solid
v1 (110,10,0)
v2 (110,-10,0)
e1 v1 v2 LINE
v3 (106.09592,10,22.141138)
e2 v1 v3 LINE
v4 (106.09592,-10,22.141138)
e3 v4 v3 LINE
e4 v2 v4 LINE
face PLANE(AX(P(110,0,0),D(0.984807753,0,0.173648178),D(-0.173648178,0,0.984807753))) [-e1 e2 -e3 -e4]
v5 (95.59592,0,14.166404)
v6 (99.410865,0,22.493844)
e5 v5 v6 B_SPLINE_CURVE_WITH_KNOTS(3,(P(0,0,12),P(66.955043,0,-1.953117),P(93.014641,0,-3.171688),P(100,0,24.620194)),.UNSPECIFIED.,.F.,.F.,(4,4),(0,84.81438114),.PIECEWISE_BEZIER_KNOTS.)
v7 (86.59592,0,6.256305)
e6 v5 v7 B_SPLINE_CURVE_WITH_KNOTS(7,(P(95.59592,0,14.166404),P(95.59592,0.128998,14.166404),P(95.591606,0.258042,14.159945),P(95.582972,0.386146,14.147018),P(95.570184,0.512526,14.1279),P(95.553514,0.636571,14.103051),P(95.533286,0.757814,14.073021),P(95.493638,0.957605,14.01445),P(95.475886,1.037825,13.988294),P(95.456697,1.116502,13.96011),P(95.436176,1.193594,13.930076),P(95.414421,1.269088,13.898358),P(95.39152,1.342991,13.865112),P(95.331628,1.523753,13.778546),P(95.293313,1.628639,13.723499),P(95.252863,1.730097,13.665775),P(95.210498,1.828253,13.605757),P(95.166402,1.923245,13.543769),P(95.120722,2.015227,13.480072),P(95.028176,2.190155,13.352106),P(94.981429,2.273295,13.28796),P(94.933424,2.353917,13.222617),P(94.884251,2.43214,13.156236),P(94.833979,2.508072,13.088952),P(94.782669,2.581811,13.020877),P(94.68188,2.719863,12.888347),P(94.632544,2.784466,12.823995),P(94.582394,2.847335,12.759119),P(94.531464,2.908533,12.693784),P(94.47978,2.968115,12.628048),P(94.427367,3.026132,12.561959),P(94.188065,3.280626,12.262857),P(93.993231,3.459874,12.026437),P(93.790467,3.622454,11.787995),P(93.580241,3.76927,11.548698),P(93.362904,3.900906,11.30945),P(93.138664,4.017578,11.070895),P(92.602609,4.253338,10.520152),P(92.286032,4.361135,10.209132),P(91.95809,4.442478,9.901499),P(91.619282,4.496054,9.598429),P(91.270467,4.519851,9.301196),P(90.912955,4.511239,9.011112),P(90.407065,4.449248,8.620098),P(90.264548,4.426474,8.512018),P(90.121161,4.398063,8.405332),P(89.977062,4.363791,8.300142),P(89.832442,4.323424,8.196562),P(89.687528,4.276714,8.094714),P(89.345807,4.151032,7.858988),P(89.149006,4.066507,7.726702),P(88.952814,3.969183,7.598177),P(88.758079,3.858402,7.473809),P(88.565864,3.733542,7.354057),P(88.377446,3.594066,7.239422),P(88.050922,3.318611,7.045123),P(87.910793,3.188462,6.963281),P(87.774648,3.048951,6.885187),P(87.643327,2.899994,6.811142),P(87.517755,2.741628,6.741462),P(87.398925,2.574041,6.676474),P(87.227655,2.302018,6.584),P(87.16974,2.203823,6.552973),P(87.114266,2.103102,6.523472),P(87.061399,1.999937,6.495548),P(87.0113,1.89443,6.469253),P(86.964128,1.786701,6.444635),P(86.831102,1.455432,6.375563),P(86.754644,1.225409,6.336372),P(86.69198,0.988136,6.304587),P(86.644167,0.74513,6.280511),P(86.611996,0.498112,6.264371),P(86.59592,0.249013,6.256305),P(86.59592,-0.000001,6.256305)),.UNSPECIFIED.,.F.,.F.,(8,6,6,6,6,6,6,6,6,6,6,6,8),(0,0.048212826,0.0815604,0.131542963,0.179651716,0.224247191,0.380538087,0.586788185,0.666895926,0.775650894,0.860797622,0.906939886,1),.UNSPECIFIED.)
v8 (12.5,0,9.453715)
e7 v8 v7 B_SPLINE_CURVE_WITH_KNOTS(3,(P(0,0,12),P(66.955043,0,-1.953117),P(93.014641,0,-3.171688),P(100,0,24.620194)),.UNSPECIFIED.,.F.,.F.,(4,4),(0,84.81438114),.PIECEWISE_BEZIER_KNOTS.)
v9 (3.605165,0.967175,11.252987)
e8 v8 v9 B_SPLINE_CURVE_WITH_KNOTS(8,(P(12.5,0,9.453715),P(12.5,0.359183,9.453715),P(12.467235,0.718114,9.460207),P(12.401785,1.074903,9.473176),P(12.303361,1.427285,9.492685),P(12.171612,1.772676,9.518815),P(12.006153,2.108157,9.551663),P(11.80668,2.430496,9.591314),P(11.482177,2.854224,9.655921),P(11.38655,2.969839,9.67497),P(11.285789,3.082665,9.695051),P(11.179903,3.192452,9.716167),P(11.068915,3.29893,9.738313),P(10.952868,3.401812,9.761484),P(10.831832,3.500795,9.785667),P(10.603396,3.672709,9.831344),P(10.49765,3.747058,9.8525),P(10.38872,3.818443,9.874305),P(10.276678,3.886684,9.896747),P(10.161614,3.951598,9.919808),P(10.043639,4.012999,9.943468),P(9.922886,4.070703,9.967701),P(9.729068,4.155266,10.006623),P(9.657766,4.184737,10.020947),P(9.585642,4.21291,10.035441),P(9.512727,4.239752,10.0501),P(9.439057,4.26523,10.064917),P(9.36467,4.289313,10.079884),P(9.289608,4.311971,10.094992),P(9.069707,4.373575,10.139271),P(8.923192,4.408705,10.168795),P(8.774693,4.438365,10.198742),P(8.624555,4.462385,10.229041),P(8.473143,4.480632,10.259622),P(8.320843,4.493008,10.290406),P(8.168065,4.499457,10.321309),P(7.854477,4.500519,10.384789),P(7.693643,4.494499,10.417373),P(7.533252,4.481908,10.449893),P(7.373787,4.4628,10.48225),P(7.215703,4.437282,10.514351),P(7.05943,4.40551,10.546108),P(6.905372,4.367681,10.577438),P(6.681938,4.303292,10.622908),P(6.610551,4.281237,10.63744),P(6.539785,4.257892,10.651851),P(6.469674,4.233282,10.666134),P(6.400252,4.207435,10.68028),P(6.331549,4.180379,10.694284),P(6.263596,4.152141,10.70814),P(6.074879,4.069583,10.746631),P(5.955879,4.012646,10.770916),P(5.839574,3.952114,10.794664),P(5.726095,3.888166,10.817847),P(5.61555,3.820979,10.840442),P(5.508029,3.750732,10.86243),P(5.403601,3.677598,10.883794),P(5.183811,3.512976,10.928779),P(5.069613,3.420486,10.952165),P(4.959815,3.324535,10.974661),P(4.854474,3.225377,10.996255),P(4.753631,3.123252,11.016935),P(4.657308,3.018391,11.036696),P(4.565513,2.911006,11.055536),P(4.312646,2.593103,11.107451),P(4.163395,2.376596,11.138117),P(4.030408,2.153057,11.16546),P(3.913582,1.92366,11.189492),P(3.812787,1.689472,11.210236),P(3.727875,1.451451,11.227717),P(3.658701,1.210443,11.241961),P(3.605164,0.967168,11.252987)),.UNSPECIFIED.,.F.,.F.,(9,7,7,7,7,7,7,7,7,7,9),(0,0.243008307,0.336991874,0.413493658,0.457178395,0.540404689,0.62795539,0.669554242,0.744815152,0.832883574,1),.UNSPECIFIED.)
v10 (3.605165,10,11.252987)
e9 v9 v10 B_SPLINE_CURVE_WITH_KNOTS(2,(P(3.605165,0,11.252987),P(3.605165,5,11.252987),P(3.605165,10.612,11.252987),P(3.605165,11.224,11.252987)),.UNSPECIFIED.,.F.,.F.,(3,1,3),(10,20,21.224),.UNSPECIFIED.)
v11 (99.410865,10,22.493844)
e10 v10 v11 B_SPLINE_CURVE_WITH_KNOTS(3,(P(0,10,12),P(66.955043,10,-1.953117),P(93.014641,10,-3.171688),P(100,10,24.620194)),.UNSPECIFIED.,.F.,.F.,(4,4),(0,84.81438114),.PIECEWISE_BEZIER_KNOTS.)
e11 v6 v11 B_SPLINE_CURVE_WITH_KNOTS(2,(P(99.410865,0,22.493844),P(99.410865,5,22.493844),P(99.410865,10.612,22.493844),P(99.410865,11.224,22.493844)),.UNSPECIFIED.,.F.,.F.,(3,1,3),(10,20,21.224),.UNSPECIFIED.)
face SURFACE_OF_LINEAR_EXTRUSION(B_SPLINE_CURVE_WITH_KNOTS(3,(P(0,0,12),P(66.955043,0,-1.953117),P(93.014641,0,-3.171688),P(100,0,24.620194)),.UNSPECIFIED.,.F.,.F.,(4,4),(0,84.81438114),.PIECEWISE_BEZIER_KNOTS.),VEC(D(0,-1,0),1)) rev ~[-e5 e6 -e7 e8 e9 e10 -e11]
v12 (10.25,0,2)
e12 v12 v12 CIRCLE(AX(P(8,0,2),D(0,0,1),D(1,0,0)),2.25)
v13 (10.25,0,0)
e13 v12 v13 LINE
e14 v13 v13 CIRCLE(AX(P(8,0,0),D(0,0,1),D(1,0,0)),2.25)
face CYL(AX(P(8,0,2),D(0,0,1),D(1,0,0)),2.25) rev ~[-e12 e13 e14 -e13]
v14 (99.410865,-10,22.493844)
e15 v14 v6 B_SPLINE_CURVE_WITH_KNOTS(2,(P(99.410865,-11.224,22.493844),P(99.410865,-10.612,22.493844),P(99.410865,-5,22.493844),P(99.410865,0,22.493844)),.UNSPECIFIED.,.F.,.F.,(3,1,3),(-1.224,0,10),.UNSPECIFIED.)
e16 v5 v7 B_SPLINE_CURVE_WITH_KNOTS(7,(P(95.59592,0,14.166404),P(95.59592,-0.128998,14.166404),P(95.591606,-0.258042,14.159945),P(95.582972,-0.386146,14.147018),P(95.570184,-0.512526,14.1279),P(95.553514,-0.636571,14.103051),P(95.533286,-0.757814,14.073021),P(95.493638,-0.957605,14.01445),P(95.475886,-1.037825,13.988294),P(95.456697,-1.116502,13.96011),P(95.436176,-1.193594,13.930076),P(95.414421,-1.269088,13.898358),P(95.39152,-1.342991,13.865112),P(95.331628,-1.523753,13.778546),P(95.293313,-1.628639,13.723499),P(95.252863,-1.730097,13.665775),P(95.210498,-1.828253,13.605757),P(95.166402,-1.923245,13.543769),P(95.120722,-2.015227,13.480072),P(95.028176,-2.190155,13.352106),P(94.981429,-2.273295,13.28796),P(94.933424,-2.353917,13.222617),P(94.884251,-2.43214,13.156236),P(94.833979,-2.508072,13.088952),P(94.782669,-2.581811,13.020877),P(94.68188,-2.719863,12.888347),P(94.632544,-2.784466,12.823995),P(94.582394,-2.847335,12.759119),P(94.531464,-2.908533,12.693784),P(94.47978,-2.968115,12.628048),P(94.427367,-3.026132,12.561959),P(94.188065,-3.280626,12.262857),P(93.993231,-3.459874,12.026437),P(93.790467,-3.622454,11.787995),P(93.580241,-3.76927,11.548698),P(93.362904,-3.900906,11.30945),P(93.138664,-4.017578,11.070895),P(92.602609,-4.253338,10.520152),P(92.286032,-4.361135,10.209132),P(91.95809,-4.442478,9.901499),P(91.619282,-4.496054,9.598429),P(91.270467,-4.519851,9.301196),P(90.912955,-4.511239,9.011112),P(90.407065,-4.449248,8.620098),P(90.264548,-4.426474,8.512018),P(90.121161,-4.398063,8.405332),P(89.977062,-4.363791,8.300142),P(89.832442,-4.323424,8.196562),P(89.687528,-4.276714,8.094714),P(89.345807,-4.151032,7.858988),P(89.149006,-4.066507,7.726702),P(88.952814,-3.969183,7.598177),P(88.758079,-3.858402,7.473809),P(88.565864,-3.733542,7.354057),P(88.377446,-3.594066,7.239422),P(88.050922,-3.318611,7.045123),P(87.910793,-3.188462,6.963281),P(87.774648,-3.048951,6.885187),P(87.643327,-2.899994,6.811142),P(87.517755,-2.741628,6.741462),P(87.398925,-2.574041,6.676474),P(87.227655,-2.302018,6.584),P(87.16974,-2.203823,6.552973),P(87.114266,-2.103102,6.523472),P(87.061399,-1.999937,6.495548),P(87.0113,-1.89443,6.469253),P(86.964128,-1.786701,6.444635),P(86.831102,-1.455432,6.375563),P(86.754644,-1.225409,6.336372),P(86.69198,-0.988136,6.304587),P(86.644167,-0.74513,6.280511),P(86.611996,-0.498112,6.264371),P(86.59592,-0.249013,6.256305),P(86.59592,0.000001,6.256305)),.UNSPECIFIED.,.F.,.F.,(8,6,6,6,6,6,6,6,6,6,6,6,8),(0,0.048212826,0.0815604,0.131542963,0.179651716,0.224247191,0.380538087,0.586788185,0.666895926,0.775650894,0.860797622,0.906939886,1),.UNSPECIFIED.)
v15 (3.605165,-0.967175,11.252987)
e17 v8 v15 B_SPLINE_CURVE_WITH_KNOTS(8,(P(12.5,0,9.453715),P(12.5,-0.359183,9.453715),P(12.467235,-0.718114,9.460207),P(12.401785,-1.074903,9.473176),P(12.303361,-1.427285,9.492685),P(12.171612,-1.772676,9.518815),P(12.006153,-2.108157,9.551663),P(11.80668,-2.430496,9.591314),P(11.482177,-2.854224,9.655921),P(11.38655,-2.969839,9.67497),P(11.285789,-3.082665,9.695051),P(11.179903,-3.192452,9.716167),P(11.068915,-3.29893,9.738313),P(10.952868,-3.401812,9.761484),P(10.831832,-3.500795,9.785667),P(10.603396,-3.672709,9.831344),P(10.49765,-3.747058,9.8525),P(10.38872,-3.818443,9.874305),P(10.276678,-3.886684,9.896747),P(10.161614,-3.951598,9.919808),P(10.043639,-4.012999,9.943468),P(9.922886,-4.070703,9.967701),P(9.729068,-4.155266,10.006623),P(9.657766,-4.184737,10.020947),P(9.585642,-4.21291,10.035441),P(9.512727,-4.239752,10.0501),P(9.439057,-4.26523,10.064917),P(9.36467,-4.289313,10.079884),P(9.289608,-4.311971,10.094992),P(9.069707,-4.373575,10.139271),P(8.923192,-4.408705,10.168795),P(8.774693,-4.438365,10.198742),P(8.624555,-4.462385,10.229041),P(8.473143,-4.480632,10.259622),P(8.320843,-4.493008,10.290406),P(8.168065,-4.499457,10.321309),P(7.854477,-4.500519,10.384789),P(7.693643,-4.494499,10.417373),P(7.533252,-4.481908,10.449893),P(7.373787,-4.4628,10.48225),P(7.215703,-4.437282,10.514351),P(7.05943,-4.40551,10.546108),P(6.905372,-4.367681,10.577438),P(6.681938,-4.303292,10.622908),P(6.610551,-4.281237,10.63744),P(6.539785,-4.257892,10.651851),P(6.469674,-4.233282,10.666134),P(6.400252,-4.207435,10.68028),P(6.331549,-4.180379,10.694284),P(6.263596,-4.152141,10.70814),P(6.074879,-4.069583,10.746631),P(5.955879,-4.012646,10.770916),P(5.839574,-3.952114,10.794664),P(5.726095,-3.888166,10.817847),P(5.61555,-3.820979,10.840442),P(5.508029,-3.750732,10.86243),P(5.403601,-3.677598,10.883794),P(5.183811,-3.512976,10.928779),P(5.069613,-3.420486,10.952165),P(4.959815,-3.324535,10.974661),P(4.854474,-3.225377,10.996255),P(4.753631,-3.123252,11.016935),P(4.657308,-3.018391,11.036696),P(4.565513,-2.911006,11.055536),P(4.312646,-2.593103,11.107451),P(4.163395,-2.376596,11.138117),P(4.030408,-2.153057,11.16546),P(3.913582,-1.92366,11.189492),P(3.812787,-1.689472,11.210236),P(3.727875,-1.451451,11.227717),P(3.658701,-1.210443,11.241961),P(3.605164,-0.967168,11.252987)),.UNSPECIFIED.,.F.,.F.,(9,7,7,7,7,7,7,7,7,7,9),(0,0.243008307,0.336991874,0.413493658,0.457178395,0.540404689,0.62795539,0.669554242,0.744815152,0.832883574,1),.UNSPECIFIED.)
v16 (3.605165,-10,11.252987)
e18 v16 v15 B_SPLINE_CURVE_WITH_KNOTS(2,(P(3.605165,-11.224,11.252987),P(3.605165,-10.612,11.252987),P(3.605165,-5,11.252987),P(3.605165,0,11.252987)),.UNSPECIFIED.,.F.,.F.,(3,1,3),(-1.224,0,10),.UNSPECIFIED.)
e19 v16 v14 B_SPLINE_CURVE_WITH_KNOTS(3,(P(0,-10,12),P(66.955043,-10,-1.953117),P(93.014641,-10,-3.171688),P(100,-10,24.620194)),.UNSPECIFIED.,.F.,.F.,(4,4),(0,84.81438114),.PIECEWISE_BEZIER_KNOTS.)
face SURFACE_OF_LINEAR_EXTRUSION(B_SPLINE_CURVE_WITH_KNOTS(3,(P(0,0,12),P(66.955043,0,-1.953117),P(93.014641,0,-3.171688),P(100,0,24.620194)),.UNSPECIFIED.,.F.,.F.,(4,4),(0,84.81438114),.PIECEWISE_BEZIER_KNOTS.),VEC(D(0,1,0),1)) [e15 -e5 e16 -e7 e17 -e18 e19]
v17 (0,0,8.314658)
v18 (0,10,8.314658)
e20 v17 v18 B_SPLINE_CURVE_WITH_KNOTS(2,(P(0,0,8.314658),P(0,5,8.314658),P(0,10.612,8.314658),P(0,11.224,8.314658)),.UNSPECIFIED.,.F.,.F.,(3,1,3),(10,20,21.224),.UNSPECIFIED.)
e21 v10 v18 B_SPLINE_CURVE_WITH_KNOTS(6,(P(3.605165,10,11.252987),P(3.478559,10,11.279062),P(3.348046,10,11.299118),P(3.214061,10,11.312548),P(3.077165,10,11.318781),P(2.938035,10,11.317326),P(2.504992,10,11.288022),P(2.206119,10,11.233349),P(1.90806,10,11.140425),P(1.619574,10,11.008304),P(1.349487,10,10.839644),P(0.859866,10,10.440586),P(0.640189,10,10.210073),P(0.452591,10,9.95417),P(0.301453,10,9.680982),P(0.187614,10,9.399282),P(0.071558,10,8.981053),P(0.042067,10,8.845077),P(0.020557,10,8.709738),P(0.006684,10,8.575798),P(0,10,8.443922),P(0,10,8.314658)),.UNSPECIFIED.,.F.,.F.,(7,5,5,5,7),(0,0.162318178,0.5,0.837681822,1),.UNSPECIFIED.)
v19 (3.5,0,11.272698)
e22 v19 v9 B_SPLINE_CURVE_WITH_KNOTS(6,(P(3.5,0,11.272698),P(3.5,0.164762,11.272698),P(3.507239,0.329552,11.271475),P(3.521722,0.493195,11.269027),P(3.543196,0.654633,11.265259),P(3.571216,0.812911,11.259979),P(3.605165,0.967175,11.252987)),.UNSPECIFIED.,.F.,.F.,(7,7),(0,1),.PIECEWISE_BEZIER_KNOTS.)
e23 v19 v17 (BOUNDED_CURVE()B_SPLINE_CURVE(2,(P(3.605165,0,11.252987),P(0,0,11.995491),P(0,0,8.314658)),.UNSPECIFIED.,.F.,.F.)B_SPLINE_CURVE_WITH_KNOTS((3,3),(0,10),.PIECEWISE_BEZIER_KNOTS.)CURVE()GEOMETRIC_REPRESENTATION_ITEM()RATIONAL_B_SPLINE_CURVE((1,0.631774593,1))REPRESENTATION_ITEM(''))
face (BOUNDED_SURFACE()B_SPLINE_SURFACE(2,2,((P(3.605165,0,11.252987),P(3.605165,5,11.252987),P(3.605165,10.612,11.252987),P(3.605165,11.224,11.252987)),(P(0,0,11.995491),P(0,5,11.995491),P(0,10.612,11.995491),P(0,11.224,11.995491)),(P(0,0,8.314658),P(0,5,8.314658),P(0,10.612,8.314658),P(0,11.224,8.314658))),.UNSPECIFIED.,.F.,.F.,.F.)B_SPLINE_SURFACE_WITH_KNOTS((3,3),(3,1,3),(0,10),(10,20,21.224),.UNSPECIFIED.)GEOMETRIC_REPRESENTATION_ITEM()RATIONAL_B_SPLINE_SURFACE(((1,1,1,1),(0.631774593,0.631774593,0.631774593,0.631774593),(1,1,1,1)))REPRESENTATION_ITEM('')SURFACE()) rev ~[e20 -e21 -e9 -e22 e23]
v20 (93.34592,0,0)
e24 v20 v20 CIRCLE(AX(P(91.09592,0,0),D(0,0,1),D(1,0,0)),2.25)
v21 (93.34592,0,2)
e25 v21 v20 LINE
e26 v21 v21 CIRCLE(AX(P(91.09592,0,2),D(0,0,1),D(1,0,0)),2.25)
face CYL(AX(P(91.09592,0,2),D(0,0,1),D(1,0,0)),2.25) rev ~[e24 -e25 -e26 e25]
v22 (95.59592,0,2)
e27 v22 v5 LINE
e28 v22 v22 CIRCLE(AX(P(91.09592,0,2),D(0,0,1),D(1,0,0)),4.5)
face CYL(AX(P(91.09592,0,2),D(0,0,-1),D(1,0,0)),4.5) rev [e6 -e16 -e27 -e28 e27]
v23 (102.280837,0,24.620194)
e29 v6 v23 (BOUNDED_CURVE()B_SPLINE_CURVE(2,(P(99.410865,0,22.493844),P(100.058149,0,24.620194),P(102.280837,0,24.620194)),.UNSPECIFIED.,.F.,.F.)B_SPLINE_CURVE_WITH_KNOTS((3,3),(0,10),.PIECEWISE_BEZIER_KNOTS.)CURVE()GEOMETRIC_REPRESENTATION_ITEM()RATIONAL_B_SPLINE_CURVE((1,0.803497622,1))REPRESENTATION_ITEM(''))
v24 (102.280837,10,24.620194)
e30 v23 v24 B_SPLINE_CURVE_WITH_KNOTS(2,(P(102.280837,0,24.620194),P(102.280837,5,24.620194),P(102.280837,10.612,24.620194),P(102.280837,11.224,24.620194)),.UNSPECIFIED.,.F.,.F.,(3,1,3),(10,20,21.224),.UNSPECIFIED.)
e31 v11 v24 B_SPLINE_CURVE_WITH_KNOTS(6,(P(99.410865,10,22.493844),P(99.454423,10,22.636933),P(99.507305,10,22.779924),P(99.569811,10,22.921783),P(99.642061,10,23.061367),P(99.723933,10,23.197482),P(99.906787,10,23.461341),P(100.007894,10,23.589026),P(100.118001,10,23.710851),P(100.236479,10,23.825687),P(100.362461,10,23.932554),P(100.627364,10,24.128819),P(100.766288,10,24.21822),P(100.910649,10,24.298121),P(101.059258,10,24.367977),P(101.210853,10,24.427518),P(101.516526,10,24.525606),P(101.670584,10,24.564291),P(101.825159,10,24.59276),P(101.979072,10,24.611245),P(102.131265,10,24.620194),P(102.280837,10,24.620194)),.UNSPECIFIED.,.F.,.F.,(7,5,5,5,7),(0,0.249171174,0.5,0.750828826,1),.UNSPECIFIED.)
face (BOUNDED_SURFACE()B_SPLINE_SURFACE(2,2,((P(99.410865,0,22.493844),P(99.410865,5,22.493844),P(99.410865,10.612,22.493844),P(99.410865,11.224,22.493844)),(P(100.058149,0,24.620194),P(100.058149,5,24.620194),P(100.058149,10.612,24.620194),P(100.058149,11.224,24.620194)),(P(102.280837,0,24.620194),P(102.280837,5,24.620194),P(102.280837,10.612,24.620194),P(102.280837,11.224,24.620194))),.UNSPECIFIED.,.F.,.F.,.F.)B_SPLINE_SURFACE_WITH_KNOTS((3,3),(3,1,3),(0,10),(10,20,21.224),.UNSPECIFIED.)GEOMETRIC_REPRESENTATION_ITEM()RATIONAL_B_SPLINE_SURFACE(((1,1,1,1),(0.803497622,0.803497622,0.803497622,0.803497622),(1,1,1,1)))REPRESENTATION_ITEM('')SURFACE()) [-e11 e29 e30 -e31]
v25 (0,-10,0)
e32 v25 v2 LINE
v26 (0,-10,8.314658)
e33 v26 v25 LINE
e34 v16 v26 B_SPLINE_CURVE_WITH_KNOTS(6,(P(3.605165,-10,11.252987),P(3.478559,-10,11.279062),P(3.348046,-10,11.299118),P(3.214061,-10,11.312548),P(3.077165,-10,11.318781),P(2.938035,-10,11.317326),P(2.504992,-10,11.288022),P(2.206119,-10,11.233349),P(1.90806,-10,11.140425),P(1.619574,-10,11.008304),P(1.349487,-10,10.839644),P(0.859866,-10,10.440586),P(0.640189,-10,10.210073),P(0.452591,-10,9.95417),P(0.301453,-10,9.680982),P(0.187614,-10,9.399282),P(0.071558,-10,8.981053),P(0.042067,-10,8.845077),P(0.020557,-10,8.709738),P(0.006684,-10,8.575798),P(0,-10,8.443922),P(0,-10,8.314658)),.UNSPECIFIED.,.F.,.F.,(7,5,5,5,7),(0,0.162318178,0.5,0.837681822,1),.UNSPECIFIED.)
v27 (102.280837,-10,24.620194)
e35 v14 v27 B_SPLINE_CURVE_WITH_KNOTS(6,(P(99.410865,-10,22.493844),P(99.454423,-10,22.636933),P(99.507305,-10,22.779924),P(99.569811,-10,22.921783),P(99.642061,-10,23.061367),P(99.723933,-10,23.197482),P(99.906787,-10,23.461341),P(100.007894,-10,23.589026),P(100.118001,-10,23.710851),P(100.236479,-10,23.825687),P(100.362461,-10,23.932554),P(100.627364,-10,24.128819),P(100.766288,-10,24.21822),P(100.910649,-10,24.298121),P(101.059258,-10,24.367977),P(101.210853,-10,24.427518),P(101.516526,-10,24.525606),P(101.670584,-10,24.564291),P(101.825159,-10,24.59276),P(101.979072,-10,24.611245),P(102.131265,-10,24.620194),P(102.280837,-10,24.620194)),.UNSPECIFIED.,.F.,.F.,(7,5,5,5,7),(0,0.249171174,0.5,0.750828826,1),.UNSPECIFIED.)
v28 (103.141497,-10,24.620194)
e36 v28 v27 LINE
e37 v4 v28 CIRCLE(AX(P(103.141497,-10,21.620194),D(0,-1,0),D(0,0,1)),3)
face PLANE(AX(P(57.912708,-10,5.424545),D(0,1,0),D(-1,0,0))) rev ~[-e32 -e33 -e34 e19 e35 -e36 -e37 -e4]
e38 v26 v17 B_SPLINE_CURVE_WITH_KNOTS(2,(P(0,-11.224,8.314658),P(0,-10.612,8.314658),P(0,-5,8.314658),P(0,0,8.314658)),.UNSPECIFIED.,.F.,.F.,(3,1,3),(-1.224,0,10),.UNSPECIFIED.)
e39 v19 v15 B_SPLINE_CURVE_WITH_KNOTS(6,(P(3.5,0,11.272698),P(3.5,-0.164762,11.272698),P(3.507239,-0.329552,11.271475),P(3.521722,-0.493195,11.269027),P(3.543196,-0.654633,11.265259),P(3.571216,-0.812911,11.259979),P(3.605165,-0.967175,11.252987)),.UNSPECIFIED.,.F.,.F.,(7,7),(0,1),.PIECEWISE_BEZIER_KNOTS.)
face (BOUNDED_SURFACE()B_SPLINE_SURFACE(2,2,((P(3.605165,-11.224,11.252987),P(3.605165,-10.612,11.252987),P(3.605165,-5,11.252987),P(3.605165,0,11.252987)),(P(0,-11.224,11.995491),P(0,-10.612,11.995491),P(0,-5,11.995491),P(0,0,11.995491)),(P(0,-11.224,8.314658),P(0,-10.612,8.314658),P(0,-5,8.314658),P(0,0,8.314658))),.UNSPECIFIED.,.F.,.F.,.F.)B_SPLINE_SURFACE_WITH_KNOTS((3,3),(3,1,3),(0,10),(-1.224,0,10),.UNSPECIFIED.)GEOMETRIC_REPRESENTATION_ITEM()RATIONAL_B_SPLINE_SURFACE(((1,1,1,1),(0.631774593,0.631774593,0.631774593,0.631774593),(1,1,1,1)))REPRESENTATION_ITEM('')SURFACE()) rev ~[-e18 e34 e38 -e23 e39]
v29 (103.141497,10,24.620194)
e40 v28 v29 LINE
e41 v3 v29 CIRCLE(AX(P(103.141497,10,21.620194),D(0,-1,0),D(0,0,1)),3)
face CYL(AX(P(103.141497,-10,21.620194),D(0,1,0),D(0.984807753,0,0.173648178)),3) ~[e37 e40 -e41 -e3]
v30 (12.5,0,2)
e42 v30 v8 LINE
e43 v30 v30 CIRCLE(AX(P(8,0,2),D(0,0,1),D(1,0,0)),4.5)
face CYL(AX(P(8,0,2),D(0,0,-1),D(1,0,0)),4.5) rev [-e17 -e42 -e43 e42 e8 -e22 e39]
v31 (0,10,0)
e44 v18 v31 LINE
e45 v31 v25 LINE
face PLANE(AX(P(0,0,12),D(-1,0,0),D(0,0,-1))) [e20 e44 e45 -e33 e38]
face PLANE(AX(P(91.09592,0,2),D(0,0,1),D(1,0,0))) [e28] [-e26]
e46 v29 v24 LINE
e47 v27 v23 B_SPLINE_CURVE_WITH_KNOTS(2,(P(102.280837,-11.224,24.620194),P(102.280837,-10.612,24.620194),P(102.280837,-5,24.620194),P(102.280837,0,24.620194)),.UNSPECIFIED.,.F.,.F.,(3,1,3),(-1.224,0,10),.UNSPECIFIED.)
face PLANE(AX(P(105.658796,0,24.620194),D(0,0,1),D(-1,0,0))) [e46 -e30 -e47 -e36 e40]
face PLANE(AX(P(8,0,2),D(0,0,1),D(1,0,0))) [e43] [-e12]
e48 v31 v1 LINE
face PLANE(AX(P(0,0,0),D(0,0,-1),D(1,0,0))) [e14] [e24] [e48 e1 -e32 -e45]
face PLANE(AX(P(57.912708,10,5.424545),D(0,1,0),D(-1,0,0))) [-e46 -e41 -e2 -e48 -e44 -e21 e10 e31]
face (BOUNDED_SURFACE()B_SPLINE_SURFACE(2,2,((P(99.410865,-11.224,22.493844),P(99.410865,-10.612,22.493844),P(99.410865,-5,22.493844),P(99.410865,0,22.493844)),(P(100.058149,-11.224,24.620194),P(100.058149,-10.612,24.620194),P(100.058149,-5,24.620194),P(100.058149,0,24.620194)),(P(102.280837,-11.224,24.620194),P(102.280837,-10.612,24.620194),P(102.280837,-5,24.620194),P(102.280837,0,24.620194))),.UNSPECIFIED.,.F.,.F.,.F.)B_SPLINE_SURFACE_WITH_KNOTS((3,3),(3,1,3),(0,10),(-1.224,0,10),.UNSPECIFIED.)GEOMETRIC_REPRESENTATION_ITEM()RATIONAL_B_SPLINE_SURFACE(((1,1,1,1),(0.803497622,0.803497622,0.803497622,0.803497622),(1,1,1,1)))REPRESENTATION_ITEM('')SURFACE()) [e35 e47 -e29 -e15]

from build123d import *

# Parameters (mm, degrees)
F1_DEPTH = 10
F2_R     = 3
F4_R     = 4.5
F5_DEPTH = 22.6211939253
F6_R     = 2.25
F7_DEPTH = 2.0010001


with BuildPart() as f1:
    # F0 (on Front) → F1 (new body, symmetric)
    with BuildSketch(Plane.XZ):
        with BuildLine():
            add(Edge.make_bspline(
                [(0, 12), (66.9550430253, -1.9531170396), (93.0146408351, -3.1716877372), (100, 24.6201938253)],
                knots=[0, 0, 0, 0, 84.8143811399, 84.8143811399, 84.8143811399, 84.8143811399], degree=3))
            Line((0, 12), (0, 0))
            Line((0, 0), (110, 0))
            Line((110, 0), (105.6587955583, 24.6201938253))
            Line((105.6587955583, 24.6201938253), (100, 24.6201938253))
        make_face()
    extrude(amount=F1_DEPTH, both=True)

    # F2
    f2_edges = [f1.edges().sort_by_distance(p)[0] for p in [
        (0, 5, 12),
        (0, -5, 12),
        (100, 5, 24.620194),
        (100, -5, 24.620194),
        (105.658796, 0, 24.620194),
    ]]
    fillet(f2_edges, radius=F2_R)

    # F4 (on offset) → F5 (cut, through all)
    with BuildSketch(Plane.XY.offset(2)):
        with Locations((8, 0)):
            Circle(F4_R)
        with Locations((91.0959199238, 0)):
            Circle(F4_R)
    extrude(amount=F5_DEPTH, mode=Mode.SUBTRACT)

    # F6 (on offset) → F7 (cut, through all)
    with BuildSketch(Plane.XY.offset(2)):
        with Locations((91.0959199238, 0)):
            Circle(F6_R)
        with Locations((8, 0)):
            Circle(F6_R)
    extrude(amount=-F7_DEPTH, mode=Mode.SUBTRACT)


solid = f1.part
